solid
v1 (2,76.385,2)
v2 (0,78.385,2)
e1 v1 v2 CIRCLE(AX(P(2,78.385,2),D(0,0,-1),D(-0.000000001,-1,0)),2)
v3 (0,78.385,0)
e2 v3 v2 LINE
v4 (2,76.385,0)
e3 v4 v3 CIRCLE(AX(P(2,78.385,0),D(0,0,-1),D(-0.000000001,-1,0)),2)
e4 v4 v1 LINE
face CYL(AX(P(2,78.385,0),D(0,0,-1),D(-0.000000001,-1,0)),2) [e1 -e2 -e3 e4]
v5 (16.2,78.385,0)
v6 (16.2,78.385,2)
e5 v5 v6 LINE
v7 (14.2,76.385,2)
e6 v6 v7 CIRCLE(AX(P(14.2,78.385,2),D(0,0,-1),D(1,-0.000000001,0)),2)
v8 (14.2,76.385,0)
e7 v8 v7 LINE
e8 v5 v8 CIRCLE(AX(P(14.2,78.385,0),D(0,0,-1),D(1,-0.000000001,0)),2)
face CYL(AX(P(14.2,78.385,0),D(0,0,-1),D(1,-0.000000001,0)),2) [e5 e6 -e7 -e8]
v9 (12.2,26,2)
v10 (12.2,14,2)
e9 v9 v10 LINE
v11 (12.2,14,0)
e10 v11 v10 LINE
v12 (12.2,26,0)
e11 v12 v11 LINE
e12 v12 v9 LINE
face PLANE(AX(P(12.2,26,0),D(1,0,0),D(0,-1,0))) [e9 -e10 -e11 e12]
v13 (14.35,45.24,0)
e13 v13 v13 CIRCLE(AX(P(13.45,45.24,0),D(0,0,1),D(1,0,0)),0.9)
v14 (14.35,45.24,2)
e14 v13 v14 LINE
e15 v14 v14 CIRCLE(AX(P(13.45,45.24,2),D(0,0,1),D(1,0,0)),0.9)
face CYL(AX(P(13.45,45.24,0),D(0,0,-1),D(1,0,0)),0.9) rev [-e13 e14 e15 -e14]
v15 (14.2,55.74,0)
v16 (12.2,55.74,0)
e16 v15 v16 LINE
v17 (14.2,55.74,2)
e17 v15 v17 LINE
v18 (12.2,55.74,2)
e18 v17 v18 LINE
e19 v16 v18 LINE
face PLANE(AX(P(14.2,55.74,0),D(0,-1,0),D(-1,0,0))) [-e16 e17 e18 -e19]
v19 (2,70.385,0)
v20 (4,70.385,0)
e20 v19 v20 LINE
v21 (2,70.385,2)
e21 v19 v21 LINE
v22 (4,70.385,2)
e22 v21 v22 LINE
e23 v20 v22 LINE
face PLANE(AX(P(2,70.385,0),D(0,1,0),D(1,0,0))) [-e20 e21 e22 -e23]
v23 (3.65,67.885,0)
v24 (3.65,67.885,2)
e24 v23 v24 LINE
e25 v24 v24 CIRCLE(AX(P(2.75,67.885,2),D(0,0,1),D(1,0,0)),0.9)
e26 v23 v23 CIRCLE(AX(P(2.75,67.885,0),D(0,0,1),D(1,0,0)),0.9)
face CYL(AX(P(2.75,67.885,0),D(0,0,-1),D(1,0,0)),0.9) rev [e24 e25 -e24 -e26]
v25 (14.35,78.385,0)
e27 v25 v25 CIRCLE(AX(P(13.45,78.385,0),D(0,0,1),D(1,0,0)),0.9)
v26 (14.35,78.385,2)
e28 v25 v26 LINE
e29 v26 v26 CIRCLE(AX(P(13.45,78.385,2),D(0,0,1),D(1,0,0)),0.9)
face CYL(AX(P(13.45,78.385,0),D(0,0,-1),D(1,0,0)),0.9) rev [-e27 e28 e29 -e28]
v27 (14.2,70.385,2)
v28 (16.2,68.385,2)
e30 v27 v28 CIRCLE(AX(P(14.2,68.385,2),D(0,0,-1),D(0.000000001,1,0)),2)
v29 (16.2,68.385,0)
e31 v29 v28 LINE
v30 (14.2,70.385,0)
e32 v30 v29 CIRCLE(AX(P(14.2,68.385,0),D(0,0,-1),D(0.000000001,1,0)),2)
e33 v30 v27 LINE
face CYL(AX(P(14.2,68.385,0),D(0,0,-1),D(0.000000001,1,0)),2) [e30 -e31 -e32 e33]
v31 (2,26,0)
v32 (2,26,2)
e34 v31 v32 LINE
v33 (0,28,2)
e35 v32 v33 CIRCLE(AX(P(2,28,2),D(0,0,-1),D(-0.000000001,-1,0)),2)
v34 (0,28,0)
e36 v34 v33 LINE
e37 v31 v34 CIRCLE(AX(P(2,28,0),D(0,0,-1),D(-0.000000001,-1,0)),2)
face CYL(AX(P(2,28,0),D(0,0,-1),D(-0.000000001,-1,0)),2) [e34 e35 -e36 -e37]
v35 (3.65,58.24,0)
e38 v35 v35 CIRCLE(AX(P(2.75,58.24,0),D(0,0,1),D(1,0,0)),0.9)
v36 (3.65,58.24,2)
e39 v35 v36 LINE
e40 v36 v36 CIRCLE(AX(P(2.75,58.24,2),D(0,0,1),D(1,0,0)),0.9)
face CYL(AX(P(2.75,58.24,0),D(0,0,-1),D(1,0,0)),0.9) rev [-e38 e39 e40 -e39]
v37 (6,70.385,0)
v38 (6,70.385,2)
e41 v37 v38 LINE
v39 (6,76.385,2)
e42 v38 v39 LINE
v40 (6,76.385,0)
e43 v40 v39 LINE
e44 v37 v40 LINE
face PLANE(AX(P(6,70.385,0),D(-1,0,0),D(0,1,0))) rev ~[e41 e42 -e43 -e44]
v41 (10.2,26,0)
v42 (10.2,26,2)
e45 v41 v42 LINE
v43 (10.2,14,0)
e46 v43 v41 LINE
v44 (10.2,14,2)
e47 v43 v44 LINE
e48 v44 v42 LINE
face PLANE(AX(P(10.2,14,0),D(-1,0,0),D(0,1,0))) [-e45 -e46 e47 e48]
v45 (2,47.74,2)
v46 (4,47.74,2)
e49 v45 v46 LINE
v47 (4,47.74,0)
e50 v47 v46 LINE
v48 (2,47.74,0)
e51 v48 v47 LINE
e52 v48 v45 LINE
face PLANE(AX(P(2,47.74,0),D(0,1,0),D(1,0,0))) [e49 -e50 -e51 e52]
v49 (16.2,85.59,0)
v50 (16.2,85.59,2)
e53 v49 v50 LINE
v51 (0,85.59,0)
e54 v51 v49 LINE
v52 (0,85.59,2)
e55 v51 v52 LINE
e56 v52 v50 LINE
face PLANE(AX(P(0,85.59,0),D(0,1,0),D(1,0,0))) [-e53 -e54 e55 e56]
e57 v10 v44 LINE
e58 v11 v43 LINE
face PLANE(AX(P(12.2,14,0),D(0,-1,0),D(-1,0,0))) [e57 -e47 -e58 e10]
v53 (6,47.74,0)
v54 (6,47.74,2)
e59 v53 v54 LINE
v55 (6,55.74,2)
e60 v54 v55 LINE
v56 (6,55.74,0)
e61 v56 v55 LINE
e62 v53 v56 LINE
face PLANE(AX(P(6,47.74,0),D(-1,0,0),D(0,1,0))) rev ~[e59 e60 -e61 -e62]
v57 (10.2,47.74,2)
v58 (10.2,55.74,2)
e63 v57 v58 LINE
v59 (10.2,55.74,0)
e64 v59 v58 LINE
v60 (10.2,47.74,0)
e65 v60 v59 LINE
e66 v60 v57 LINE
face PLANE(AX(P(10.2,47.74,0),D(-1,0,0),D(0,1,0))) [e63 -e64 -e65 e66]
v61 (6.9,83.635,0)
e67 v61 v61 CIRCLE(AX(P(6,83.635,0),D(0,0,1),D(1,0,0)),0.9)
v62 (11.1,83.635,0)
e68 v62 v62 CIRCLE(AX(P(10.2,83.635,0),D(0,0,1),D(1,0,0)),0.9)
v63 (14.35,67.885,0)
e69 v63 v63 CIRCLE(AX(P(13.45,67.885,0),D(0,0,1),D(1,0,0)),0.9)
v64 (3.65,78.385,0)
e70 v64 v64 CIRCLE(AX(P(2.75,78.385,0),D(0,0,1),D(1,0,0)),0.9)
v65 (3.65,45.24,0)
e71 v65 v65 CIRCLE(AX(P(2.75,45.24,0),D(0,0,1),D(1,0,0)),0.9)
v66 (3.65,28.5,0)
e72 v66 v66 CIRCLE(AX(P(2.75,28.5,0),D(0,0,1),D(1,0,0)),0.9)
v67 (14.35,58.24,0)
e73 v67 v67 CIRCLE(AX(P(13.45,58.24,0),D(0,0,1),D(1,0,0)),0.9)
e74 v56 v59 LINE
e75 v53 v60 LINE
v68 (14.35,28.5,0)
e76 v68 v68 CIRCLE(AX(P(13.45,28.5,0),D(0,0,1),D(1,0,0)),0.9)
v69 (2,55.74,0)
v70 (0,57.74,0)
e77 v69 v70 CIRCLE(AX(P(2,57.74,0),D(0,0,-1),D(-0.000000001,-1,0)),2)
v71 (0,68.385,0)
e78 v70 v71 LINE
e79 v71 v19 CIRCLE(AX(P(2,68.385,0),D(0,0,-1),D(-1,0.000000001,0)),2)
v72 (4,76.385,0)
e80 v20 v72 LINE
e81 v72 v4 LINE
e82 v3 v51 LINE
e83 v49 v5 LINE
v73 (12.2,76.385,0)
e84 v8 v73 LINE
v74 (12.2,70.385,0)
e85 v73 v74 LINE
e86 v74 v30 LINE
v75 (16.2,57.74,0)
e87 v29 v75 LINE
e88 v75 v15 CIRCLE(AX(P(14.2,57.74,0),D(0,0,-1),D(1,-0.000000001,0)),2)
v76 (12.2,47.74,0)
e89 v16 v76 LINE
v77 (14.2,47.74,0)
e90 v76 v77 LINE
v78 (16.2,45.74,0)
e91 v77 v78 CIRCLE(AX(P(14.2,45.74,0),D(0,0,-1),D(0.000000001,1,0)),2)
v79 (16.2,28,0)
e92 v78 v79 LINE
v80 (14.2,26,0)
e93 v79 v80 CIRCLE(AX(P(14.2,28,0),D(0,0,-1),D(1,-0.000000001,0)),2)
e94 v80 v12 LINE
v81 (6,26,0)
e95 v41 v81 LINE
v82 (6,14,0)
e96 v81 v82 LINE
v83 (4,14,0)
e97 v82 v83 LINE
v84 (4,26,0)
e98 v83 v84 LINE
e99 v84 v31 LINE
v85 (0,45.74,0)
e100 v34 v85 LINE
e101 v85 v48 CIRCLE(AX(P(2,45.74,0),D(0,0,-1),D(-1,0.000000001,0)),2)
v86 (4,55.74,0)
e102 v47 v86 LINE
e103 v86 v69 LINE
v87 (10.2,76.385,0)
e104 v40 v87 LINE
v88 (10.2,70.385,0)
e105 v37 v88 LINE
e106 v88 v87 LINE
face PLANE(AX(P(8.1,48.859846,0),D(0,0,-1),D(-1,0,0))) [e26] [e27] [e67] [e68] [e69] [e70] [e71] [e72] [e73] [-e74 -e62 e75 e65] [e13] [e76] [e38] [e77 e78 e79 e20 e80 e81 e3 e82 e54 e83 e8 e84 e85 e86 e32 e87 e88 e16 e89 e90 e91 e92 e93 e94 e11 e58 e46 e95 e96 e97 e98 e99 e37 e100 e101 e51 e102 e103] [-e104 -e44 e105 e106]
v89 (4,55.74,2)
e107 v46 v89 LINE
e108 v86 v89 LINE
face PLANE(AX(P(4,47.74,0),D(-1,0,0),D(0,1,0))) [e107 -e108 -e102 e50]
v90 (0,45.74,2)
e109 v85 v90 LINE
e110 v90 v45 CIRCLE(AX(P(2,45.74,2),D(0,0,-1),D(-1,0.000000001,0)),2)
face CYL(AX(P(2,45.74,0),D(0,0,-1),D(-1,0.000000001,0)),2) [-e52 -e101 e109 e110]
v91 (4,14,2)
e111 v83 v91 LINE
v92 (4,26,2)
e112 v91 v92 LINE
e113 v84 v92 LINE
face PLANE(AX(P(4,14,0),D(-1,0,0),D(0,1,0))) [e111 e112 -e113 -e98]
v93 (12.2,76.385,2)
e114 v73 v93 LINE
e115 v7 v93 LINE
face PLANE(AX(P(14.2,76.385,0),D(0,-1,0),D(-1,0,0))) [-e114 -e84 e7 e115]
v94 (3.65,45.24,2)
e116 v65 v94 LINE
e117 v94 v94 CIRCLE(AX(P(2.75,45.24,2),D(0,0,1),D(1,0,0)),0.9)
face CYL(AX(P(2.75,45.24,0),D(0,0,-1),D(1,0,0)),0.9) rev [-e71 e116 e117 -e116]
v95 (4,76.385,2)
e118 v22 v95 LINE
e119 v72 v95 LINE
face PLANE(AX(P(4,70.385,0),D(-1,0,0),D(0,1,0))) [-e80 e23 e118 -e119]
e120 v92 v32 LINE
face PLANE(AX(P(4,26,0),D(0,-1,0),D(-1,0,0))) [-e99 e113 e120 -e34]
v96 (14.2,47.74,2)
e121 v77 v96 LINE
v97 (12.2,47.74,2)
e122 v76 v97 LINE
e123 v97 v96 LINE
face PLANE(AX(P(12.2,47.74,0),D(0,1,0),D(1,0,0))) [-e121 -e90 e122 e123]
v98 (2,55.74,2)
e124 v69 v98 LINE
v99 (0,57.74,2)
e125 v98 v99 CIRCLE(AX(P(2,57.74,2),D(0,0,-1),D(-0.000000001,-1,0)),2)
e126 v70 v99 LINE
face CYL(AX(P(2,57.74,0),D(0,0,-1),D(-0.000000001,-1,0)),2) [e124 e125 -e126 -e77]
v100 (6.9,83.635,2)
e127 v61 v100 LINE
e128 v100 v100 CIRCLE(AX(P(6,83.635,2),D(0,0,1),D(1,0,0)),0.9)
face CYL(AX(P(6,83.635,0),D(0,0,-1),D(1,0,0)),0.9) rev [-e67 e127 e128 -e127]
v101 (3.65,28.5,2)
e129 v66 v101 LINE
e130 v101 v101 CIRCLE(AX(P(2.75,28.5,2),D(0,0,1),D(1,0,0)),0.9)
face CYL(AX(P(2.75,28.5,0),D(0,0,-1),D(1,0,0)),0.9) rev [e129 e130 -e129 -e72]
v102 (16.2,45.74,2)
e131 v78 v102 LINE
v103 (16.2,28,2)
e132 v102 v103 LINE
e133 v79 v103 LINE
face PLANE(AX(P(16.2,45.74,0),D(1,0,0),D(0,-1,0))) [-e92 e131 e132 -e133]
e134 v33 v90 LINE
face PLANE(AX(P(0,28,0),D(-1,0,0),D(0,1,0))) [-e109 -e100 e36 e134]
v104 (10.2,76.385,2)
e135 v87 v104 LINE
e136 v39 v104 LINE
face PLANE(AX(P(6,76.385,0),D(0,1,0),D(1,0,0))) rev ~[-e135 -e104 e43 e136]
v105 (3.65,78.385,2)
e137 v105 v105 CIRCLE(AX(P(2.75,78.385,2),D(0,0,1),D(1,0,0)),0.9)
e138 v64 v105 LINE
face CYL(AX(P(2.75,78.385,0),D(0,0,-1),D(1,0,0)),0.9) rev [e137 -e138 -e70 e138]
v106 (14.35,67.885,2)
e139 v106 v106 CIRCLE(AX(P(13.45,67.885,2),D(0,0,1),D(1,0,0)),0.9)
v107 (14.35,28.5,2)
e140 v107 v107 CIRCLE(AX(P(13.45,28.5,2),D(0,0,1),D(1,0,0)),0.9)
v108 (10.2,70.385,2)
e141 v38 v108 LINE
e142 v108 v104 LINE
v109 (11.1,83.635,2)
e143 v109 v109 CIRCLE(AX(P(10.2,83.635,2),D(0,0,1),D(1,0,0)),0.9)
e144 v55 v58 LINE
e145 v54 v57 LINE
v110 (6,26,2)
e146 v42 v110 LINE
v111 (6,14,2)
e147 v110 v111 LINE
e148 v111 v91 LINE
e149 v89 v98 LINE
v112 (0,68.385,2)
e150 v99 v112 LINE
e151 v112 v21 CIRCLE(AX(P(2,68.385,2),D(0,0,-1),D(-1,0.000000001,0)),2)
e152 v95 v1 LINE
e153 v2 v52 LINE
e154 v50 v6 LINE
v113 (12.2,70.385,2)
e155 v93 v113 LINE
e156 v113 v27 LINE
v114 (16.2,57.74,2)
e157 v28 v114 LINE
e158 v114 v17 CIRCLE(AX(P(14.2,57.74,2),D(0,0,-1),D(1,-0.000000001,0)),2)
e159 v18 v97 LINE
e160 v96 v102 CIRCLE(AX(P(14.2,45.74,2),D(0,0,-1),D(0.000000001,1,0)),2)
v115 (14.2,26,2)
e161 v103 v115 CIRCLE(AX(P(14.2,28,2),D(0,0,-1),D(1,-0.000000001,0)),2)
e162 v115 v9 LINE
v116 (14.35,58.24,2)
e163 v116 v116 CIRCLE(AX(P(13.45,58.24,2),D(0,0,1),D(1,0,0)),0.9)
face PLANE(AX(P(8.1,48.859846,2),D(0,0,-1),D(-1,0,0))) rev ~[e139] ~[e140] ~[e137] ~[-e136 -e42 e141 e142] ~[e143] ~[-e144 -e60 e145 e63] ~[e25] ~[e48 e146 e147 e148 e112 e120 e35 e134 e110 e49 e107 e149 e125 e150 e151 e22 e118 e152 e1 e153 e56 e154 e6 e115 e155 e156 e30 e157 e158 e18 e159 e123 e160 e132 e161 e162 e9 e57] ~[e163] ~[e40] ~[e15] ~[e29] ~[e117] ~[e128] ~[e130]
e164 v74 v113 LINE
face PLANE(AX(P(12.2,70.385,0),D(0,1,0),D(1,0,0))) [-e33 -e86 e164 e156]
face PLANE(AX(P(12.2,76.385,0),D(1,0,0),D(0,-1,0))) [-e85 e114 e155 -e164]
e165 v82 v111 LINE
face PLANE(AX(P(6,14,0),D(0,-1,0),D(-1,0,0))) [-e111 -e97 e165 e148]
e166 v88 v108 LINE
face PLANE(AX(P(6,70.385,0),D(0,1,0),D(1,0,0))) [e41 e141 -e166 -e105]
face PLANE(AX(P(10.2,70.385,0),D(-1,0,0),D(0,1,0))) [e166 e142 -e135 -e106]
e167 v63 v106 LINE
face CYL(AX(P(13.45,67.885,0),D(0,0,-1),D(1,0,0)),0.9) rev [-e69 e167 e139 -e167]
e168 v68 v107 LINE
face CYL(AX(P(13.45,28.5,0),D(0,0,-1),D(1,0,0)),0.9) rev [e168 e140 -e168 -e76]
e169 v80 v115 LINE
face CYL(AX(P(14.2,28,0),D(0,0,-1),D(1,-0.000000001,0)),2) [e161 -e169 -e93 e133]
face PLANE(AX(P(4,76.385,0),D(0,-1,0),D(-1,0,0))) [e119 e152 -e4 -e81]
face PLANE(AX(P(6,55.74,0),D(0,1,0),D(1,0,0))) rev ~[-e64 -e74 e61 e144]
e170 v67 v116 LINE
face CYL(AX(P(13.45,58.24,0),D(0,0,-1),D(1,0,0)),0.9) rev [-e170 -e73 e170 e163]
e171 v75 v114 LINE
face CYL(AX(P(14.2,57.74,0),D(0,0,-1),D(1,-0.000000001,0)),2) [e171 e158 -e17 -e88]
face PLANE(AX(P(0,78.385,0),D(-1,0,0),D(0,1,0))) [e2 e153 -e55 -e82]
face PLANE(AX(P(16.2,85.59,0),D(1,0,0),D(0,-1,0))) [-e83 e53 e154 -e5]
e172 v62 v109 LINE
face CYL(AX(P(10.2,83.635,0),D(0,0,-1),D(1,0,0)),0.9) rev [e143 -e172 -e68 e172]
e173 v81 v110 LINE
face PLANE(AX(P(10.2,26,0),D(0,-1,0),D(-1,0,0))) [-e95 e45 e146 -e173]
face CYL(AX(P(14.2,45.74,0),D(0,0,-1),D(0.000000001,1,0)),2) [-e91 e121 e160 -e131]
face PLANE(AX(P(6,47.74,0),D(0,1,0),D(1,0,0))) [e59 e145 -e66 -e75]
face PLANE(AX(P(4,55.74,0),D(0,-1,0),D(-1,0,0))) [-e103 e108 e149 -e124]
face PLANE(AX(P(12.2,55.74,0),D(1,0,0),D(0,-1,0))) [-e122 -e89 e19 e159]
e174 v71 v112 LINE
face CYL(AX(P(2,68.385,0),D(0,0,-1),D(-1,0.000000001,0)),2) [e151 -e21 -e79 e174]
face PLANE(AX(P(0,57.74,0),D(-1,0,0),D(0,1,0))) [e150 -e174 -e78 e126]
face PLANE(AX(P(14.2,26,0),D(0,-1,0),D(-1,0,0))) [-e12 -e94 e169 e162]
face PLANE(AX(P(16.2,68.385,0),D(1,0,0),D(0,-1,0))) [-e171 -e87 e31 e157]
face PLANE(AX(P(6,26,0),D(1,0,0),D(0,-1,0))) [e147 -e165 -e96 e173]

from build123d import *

# Parameters (mm, degrees)
SKETCH1_R           = 0.9
SKETCH1_W           = 4.2
SKETCH1_H           = 6
SKETCH1_H_2         = 8
BOSS_EXTRUDE1_DEPTH = 2


with BuildPart() as part:
    # Sketch1 → Boss-Extrude1 (new body)
    with BuildSketch(Plane.XY):
        with BuildLine():
            Line((2, 47.74), (4, 47.74))
            Line((4, 47.74), (4, 55.74))
            Line((4, 55.74), (2, 55.74))
            ThreePointArc((2, 55.74), (0.585786438, 56.325786438), (0, 57.74))
            Line((0, 57.74), (0, 68.385))
            ThreePointArc((0, 68.385), (0.585786438, 69.799213562), (2, 70.385))
            Line((2, 70.385), (4, 70.385))
            Line((4, 70.385), (4, 76.385))
            Line((4, 76.385), (2, 76.385))
            ThreePointArc((2, 76.385), (0.585786438, 76.970786438), (0, 78.385))
            Line((0, 78.385), (0, 85.59))
            Line((0, 85.59), (16.2, 85.59))
            Line((16.2, 85.59), (16.2, 78.385))
            ThreePointArc((16.2, 78.385), (15.614213562, 76.970786438), (14.2, 76.385))
            Line((14.2, 76.385), (12.2, 76.385))
            Line((12.2, 76.385), (12.2, 70.385))
            Line((12.2, 70.385), (14.2, 70.385))
            ThreePointArc((14.2, 70.385), (15.614213562, 69.799213562), (16.2, 68.385))
            Line((16.2, 68.385), (16.2, 57.74))
            ThreePointArc((16.2, 57.74), (15.614213562, 56.325786438), (14.2, 55.74))
            Line((14.2, 55.74), (12.2, 55.74))
            Line((12.2, 55.74), (12.2, 47.74))
            Line((12.2, 47.74), (14.2, 47.74))
            ThreePointArc((14.2, 47.74), (15.614213562, 47.154213562), (16.2, 45.74))
            Line((16.2, 45.74), (16.2, 28))
            ThreePointArc((16.2, 28), (15.614213562, 26.585786438), (14.2, 26))
            Line((14.2, 26), (12.2, 26))
            Line((12.2, 26), (12.2, 14))
            Line((12.2, 14), (10.2, 14))
            Line((10.2, 14), (10.2, 26))
            Line((10.2, 26), (6, 26))
            Line((6, 26), (6, 14))
            Line((6, 14), (4, 14))
            Line((4, 14), (4, 26))
            Line((4, 26), (2, 26))
            ThreePointArc((2, 26), (0.585786438, 26.585786438), (0, 28))
            Line((0, 28), (0, 45.74))
            ThreePointArc((0, 45.74), (0.585786438, 47.154213562), (2, 47.74))
        make_face()
        with Locations((13.45, 45.24)):
            Circle(SKETCH1_R, mode=Mode.SUBTRACT)
        with Locations((2.75, 67.885)):
            Circle(SKETCH1_R, mode=Mode.SUBTRACT)
        with Locations((13.45, 58.24)):
            Circle(SKETCH1_R, mode=Mode.SUBTRACT)
        with Locations((13.45, 78.385)):
            Circle(SKETCH1_R, mode=Mode.SUBTRACT)
        with Locations((2.75, 28.5)):
            Circle(SKETCH1_R, mode=Mode.SUBTRACT)
        with Locations((2.75, 78.385)):
            Circle(SKETCH1_R, mode=Mode.SUBTRACT)
        with Locations((2.75, 58.24)):
            Circle(SKETCH1_R, mode=Mode.SUBTRACT)
        with Locations((6, 83.635)):
            Circle(SKETCH1_R, mode=Mode.SUBTRACT)
        with Locations((13.45, 28.5)):
            Circle(SKETCH1_R, mode=Mode.SUBTRACT)
        with Locations((13.45, 67.885)):
            Circle(SKETCH1_R, mode=Mode.SUBTRACT)
        with Locations((10.2, 83.635)):
            Circle(SKETCH1_R, mode=Mode.SUBTRACT)
        with Locations((2.75, 45.24)):
            Circle(SKETCH1_R, mode=Mode.SUBTRACT)
        with Locations((8.1, 73.385)):
            Rectangle(SKETCH1_W, SKETCH1_H, mode=Mode.SUBTRACT)
        with Locations((8.1, 51.74)):
            Rectangle(SKETCH1_W, SKETCH1_H_2, mode=Mode.SUBTRACT)
    extrude(amount=BOSS_EXTRUDE1_DEPTH)


solid = part.part
